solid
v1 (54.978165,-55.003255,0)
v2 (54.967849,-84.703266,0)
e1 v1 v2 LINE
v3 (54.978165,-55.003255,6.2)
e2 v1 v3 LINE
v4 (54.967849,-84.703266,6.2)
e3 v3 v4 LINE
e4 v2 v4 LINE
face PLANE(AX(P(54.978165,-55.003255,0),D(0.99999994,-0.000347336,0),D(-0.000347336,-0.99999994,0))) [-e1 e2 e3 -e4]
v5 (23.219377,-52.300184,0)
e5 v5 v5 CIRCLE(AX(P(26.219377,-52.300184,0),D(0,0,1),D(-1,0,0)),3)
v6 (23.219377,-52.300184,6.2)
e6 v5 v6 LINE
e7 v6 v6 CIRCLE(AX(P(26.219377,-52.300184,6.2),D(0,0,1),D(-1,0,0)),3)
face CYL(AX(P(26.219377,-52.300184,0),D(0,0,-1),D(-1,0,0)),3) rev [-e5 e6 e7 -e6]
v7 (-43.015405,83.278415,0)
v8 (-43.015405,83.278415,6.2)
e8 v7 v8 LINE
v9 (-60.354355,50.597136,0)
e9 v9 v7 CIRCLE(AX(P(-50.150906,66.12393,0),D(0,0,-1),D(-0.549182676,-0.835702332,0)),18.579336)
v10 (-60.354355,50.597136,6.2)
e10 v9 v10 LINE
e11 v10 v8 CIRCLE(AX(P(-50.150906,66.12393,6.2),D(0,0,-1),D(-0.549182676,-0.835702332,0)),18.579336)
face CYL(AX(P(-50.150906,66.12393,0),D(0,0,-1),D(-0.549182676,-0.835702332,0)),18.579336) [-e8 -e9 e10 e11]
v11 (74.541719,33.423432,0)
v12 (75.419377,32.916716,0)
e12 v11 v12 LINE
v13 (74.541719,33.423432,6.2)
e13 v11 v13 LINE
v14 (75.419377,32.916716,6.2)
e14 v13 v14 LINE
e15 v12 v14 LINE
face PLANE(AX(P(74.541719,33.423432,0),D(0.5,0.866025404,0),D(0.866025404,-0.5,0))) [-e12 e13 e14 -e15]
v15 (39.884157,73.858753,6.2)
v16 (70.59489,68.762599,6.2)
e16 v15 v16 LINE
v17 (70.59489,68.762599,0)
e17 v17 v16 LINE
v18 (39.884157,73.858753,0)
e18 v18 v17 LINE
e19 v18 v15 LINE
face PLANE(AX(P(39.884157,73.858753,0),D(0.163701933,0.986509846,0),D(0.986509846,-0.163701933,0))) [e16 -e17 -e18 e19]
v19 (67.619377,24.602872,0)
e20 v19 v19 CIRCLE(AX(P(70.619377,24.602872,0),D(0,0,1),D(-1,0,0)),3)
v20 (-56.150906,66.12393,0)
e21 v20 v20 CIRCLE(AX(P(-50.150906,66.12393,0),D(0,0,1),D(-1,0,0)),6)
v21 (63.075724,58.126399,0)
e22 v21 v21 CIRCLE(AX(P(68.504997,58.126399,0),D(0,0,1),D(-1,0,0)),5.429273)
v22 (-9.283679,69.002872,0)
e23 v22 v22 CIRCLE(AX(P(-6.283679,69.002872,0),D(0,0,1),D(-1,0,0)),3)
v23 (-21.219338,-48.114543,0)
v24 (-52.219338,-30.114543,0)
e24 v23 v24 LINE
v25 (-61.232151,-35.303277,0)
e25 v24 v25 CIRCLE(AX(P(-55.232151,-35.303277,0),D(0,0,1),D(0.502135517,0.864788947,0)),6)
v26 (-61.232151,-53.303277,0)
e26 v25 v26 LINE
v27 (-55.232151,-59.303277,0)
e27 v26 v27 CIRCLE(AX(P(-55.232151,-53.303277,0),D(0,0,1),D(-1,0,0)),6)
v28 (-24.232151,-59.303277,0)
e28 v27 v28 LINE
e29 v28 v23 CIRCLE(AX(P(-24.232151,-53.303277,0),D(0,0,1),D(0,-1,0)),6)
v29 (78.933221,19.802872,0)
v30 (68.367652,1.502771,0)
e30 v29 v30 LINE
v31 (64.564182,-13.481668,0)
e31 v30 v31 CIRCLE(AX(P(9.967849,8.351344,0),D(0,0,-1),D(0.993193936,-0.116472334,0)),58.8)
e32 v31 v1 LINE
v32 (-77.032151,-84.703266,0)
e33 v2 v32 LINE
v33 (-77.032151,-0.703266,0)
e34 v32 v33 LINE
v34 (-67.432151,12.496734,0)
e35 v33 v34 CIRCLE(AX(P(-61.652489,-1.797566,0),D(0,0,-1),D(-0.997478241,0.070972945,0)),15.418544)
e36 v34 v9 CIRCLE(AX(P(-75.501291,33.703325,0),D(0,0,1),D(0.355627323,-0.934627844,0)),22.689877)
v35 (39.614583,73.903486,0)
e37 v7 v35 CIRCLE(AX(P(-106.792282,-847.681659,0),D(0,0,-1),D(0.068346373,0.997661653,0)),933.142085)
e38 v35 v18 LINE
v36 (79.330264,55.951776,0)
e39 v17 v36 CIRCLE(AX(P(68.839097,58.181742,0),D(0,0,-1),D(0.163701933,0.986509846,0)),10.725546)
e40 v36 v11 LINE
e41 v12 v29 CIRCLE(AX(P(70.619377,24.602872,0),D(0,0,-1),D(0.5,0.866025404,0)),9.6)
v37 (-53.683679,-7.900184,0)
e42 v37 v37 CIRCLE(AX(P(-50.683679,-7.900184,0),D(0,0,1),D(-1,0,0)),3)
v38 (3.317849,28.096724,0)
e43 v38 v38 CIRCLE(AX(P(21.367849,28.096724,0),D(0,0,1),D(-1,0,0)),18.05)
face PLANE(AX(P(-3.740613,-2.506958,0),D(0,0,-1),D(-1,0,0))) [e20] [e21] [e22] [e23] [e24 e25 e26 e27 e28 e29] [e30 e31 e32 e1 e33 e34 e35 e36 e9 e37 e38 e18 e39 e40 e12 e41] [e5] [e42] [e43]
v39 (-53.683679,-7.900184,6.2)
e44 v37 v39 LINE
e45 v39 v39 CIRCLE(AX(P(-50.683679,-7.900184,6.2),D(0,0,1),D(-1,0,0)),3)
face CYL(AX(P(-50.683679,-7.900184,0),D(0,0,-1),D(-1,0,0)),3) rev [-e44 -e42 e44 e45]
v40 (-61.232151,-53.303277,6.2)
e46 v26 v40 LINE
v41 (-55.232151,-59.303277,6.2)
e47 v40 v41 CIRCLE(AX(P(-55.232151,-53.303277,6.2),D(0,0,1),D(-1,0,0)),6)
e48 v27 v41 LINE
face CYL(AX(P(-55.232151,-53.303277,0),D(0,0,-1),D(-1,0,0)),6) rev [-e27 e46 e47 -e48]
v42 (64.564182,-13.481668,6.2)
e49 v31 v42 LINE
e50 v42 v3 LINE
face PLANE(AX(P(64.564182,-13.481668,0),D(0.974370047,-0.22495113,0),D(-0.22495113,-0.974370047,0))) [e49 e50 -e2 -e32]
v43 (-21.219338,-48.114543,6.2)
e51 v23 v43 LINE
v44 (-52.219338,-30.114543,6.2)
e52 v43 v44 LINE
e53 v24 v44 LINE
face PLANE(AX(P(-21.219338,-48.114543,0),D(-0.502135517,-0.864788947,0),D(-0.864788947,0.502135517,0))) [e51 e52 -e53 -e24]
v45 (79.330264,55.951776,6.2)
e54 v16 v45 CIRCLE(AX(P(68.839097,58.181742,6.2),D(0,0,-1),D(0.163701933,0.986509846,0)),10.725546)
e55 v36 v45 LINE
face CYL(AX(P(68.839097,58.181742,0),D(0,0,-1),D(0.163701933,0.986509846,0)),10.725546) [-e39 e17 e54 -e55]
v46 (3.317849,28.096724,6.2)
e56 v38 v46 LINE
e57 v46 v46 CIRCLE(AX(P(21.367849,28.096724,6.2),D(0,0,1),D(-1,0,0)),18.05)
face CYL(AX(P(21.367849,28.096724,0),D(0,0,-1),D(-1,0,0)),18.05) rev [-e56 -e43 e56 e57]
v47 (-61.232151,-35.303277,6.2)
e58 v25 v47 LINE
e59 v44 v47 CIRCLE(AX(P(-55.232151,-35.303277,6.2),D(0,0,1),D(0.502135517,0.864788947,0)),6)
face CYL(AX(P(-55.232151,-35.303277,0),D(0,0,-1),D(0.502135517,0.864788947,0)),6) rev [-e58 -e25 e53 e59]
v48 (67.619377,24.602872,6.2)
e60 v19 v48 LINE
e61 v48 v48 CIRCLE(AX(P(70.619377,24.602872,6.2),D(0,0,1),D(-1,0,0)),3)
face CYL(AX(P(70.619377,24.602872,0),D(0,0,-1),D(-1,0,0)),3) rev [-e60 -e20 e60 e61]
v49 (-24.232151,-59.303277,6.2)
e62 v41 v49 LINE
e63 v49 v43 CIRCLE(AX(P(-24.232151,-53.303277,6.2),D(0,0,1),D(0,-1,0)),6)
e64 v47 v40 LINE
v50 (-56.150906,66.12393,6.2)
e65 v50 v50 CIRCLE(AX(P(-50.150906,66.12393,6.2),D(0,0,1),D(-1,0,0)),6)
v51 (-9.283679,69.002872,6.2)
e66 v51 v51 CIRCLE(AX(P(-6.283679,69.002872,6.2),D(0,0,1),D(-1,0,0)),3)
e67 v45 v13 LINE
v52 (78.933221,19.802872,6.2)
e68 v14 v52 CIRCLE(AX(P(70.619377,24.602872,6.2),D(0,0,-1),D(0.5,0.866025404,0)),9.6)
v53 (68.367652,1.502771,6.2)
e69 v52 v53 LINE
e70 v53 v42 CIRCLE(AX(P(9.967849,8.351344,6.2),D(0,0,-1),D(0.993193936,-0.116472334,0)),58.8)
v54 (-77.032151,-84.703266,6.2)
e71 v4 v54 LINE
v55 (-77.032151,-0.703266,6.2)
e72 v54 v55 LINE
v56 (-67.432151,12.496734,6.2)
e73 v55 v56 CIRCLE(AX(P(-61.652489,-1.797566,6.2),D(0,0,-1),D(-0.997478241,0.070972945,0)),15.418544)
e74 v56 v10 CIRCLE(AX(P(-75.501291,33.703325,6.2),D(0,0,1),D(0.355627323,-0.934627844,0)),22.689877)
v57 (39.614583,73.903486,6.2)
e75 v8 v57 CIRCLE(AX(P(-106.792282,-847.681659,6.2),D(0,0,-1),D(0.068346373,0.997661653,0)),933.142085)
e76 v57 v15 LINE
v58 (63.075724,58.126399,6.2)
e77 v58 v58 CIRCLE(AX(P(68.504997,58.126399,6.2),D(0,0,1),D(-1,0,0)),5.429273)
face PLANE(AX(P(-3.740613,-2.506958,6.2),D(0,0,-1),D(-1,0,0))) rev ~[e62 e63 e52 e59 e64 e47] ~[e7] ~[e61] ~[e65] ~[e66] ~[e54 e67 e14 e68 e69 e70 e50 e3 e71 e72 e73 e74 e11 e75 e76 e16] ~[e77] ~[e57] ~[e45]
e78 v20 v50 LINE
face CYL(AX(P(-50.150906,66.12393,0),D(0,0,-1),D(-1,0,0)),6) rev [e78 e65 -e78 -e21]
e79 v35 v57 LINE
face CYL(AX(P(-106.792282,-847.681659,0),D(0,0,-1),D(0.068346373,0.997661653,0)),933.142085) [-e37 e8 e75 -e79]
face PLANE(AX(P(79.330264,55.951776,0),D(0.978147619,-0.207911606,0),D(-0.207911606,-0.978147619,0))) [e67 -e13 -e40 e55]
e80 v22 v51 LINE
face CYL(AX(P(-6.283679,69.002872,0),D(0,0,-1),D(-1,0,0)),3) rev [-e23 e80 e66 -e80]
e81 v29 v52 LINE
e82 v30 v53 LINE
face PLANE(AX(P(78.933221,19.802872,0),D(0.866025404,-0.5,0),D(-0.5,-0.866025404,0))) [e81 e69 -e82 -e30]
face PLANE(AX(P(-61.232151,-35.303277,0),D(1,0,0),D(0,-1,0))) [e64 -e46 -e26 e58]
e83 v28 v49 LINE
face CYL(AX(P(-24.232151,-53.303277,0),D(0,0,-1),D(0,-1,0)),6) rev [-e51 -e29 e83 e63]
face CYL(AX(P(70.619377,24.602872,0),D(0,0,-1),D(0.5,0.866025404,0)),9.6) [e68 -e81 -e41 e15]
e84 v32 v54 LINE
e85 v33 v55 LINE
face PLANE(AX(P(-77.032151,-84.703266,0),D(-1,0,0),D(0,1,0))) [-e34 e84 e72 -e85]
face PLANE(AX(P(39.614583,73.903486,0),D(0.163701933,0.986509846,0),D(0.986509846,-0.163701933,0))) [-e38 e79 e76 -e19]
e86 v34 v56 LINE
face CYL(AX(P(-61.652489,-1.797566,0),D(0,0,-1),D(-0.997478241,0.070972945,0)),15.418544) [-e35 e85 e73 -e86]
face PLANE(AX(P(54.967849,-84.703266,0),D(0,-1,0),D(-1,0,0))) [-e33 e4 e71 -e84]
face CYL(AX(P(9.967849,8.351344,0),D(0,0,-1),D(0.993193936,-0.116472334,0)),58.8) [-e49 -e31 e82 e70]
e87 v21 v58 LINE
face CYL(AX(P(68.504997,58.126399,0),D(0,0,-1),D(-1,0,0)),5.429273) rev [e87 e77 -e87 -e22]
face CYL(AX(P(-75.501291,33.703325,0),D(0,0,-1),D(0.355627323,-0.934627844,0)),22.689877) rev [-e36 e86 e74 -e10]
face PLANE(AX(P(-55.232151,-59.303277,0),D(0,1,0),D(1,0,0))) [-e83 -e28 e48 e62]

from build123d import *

# Parameters (mm, degrees)
SKETCH1_R           = 5.42927296
SKETCH1_R_2         = 5.999999996
SKETCH1_R_3         = 3
SKETCH1_R_4         = 18.05
BOSS_EXTRUDE1_DEPTH = 6.2


with BuildPart() as part:
    # Sketch1 → Boss-Extrude1 (new body)
    with BuildSketch(Plane.XY):
        with BuildLine():
            Line((39.614582687, 73.90348608), (39.884157083, 73.858752771))
            Line((39.884157083, 73.858752771), (70.59488962, 68.762598575))
            ThreePointArc((70.59488962, 68.762598575), (77.700603566, 64.224178317), (79.330264302, 55.951776308))
            Line((79.330264302, 55.951776308), (74.541718965, 33.423432184))
            Line((74.541718965, 33.423432184), (75.419376917, 32.916716129))
            ThreePointArc((75.419376917, 32.916716129), (79.892264849, 27.087535086), (78.933220793, 19.802872253))
            Line((78.933220793, 19.802872253), (68.367652451, 1.502771074))
            ThreePointArc((68.367652451, 1.502771074), (66.960524587, -6.114993434), (64.564182125, -13.481667564))
            Line((64.564182125, -13.481667564), (54.978164866, -55.003255407))
            Line((54.978164866, -55.003255407), (54.967848993, -84.703266118))
            Line((54.967848993, -84.703266118), (-77.032151007, -84.703266118))
            Line((-77.032151007, -84.703266118), (-77.032151007, -52.303266118))
            Line((-77.032151007, -52.303266118), (-77.032151007, -0.703266118))
            ThreePointArc((-77.032151007, -0.703266118), (-74.12202184, 7.271185396), (-67.432151007, 12.496733882))
            ThreePointArc((-67.432151007, 12.496733882), (-53.19307052, 29.559194605), (-60.354355055, 50.597136112))
            ThreePointArc((-60.354355055, 50.597136112), (-66.563388034, 74.831521387), (-43.015404957, 83.278415086))
            ThreePointArc((-43.015404957, 83.278415086), (-1.595924432, 79.511889283), (39.614582687, 73.90348608))
        make_face()
        with Locations(Location((68.504996686, 58.126398509, 0), (0, 0, 180))):
            Circle(SKETCH1_R, mode=Mode.SUBTRACT)
        with Locations(Location((-50.150905711, 66.123930347, 0), (0, 0, 180))):
            Circle(SKETCH1_R_2, mode=Mode.SUBTRACT)
        with Locations(Location((-6.283678939, 69.002872253, 0), (0, 0, 180))):
            Circle(SKETCH1_R_3, mode=Mode.SUBTRACT)
        with Locations(Location((26.219376917, -52.300183603, 0), (0, 0, 180))):
            Circle(SKETCH1_R_3, mode=Mode.SUBTRACT)
        with Locations(Location((70.619376917, 24.602872253, 0), (0, 0, 180))):
            Circle(SKETCH1_R_3, mode=Mode.SUBTRACT)
        with Locations(Location((-50.683678939, -7.900183603, 0), (0, 0, 180))):
            Circle(SKETCH1_R_3, mode=Mode.SUBTRACT)
        with Locations(Location((21.367848989, 28.096723532, 0), (0, 0, 180))):
            Circle(SKETCH1_R_4, mode=Mode.SUBTRACT)
        with BuildLine():
            ThreePointArc((-24.232151011, -59.303276516), (-18.438516483, -54.863340285), (-21.219337907, -48.114542837))
            Line((-21.219337907, -48.114542837), (-52.219337907, -30.114542837))
            ThreePointArc((-52.219337907, -30.114542837), (-58.225737603, -30.103426585), (-61.232151011, -35.303276516))
            Line((-61.232151011, -35.303276516), (-61.232151011, -53.303276516))
            ThreePointArc((-61.232151011, -53.303276516), (-59.474791698, -57.545917204), (-55.232151011, -59.303276516))
            Line((-55.232151011, -59.303276516), (-24.232151011, -59.303276516))
        make_face(mode=Mode.SUBTRACT)
    extrude(amount=BOSS_EXTRUDE1_DEPTH)


solid = part.part
